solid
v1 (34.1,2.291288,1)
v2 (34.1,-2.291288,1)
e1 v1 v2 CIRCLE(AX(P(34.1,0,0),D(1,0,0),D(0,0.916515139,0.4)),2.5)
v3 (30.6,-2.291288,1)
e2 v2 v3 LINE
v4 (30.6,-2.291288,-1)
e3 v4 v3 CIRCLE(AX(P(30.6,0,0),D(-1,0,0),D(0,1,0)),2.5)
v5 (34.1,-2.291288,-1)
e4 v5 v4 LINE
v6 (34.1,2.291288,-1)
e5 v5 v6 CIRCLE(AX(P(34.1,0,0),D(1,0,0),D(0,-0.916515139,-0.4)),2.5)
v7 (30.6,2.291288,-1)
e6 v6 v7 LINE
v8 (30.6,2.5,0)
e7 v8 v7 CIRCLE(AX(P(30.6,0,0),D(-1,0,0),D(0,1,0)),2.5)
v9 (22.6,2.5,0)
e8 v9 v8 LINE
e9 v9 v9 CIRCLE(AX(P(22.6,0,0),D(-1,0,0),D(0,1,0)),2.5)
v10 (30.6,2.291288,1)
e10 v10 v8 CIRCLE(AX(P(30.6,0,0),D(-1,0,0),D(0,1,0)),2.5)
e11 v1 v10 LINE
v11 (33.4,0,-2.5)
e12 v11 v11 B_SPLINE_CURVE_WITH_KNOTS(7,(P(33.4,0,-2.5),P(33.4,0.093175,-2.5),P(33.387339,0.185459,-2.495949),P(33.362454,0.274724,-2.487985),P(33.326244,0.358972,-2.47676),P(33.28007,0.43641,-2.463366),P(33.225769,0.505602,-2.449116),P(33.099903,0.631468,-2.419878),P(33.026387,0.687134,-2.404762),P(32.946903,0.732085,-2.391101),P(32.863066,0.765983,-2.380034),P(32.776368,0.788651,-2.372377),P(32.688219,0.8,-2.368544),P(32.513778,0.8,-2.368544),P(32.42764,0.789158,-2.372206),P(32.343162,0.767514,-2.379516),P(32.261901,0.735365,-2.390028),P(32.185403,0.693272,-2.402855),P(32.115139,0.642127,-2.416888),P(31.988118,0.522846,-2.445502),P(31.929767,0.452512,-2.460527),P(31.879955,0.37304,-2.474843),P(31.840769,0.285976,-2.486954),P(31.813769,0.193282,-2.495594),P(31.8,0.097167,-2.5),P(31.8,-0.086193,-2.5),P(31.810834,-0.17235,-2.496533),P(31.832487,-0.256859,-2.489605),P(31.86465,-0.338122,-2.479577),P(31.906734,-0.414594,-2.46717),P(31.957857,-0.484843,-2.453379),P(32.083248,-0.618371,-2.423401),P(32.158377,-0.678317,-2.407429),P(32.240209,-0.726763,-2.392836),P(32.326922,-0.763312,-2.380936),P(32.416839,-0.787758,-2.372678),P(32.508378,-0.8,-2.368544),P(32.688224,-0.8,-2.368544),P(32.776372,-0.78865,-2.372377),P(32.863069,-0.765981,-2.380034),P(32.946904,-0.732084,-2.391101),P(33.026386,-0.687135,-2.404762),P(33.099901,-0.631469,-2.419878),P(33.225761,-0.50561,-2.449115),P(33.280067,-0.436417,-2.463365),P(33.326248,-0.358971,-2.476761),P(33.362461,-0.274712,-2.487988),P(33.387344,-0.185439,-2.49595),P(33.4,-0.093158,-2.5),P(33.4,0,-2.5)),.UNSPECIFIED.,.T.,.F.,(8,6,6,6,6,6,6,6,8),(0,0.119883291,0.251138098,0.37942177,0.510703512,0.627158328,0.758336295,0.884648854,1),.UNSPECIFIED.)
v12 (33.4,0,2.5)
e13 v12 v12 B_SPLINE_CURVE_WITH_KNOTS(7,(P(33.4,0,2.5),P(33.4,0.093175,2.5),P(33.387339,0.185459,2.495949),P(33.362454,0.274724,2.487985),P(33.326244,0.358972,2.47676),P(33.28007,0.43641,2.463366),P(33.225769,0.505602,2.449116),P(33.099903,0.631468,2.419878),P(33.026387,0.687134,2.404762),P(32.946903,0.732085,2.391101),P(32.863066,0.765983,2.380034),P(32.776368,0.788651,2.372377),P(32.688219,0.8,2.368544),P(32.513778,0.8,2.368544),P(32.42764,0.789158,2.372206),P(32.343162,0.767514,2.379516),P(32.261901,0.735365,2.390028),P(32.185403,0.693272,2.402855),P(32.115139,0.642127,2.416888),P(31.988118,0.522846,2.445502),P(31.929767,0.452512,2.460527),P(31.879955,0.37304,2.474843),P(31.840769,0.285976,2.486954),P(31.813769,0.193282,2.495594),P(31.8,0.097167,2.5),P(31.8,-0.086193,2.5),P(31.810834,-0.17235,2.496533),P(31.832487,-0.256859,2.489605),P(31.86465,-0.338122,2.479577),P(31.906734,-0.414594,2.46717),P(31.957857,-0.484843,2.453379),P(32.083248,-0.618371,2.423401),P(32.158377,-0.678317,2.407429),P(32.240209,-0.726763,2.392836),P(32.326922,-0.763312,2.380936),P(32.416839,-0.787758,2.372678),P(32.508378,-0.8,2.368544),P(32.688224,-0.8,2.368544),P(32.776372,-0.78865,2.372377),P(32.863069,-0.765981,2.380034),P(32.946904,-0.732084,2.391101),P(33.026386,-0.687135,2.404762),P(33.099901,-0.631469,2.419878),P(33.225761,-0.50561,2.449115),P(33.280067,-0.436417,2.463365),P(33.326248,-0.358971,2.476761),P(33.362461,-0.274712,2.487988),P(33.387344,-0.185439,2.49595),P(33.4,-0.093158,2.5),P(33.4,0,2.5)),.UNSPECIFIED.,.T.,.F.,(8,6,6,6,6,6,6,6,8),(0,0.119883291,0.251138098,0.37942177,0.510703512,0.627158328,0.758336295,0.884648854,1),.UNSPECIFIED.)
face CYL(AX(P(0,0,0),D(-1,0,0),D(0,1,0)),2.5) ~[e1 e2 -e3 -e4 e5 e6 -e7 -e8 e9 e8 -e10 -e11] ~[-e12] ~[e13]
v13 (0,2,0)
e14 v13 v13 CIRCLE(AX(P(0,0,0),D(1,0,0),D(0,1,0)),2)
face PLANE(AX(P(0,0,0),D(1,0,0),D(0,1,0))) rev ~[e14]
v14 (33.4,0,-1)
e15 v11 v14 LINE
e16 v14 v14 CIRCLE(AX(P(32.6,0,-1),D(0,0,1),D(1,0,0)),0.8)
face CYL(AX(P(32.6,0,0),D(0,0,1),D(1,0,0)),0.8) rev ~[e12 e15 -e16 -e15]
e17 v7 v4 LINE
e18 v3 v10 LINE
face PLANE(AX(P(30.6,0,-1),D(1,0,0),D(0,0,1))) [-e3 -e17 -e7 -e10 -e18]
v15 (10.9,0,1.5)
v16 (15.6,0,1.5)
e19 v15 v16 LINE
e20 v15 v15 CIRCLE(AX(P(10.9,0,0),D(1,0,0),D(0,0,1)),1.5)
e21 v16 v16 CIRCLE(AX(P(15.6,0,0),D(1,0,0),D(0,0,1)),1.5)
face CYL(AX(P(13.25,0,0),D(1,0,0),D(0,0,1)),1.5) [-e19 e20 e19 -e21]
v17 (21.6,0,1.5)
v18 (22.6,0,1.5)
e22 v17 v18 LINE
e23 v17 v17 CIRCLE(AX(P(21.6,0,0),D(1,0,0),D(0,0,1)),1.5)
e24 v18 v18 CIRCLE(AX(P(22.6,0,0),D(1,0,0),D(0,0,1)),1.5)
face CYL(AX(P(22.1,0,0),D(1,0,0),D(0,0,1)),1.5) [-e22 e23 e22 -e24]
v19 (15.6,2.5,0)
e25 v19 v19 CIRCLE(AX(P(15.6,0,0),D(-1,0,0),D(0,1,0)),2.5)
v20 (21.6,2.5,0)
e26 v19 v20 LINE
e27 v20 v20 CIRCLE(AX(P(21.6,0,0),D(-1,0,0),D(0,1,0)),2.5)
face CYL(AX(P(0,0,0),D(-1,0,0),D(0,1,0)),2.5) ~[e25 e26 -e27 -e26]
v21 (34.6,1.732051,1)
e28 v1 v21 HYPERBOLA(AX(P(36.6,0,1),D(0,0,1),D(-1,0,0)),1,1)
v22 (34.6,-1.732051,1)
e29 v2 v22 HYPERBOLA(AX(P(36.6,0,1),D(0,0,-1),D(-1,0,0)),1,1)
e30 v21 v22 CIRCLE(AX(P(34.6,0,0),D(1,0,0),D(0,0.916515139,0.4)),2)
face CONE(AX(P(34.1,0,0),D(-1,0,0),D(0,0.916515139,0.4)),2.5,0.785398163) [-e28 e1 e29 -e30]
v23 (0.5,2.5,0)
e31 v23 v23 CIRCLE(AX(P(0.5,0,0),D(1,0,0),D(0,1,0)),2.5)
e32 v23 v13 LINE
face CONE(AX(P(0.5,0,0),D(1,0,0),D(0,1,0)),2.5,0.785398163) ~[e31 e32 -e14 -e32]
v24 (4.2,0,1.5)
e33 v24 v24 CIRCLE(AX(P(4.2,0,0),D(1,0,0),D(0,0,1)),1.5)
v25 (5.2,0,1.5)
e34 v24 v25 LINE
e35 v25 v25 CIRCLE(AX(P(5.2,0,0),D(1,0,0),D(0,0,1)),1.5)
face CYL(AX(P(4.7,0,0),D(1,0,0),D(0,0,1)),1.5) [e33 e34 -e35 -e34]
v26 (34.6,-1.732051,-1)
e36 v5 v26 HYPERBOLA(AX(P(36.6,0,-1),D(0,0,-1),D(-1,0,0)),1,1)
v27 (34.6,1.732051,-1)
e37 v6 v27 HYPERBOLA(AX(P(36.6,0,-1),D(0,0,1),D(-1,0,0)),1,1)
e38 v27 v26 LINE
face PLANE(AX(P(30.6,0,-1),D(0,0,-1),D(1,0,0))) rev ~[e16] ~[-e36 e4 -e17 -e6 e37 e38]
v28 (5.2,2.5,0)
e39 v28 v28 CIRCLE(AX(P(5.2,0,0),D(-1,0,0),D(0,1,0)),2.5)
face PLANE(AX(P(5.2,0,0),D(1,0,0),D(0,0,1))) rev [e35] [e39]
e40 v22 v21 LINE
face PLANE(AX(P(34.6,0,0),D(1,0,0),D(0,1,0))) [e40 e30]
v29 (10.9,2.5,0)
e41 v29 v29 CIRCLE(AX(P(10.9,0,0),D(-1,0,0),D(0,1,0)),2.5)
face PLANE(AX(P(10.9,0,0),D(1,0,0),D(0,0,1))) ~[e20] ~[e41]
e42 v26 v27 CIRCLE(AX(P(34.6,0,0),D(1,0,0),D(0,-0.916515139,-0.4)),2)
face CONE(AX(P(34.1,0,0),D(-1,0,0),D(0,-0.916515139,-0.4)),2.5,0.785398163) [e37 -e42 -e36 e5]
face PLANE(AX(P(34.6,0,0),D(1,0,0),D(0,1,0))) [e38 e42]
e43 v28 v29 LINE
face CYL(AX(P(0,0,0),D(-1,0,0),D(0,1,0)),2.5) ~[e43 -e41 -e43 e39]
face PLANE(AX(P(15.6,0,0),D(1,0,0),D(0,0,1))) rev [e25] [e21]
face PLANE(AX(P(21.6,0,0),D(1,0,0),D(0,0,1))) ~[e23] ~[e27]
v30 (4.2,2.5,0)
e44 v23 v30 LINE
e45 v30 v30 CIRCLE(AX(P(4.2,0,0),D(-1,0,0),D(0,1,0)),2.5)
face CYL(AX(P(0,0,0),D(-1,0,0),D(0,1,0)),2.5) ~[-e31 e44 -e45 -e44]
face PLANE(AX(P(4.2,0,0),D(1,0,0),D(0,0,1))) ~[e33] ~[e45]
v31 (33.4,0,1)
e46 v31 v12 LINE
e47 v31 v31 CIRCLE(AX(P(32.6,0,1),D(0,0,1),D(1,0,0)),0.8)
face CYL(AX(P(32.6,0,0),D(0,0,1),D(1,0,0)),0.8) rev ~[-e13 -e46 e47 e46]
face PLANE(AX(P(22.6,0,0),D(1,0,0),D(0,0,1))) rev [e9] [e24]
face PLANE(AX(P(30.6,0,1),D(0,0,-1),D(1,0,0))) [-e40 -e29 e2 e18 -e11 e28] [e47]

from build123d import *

# Parameters (mm, degrees)
F0_R     = 2.5
F1_DEPTH = 34.6
F2_W     = 1
F2_H     = 3
F2_W_2   = 4.7
F4_W     = 4
F4_H     = 2
F5_DEPTH = 12.5
F6_R     = 0.8
F7_DEPTH = 12.5
F8_SIZE  = 0.5


with BuildPart() as f1:
    # F0 (on Right) → F1 (new body)
    with BuildSketch(Plane.YZ):
        Circle(F0_R)
    extrude(amount=F1_DEPTH)

    # F2 (on Front) → F3 (revolve, cut)
    with BuildSketch(Plane.XZ):
        with Locations((4.7, 3)):
            Rectangle(F2_W, F2_H)
        with Locations((13.25, 3)):
            Rectangle(F2_W_2, F2_H)
        with Locations((22.1, 3)):
            Rectangle(F2_W, F2_H)
    revolve(axis=Axis((18.455703, 0, 0), (1, 0, 0)), mode=Mode.SUBTRACT)

    # F4 (on Front) → F5 (cut, symmetric)
    with BuildSketch(Plane.XZ):
        with Locations((32.6, 0)):
            Rectangle(F4_W, F4_H)
    extrude(amount=F5_DEPTH, both=True, mode=Mode.SUBTRACT)

    # F6 (on Top) → F7 (cut, symmetric)
    with BuildSketch(Plane.XY):
        with Locations((32.6, 0)):
            Circle(F6_R)
    extrude(amount=F7_DEPTH, both=True, mode=Mode.SUBTRACT)

    # F8
    f8_edges = [f1.edges().sort_by_distance(p)[0] for p in [
        (34.6, 0, -2.5),
        (34.6, 0, 2.5),
        (0, -2.5, 0),
    ]]
    chamfer(f8_edges, length=F8_SIZE)


solid = f1.part
